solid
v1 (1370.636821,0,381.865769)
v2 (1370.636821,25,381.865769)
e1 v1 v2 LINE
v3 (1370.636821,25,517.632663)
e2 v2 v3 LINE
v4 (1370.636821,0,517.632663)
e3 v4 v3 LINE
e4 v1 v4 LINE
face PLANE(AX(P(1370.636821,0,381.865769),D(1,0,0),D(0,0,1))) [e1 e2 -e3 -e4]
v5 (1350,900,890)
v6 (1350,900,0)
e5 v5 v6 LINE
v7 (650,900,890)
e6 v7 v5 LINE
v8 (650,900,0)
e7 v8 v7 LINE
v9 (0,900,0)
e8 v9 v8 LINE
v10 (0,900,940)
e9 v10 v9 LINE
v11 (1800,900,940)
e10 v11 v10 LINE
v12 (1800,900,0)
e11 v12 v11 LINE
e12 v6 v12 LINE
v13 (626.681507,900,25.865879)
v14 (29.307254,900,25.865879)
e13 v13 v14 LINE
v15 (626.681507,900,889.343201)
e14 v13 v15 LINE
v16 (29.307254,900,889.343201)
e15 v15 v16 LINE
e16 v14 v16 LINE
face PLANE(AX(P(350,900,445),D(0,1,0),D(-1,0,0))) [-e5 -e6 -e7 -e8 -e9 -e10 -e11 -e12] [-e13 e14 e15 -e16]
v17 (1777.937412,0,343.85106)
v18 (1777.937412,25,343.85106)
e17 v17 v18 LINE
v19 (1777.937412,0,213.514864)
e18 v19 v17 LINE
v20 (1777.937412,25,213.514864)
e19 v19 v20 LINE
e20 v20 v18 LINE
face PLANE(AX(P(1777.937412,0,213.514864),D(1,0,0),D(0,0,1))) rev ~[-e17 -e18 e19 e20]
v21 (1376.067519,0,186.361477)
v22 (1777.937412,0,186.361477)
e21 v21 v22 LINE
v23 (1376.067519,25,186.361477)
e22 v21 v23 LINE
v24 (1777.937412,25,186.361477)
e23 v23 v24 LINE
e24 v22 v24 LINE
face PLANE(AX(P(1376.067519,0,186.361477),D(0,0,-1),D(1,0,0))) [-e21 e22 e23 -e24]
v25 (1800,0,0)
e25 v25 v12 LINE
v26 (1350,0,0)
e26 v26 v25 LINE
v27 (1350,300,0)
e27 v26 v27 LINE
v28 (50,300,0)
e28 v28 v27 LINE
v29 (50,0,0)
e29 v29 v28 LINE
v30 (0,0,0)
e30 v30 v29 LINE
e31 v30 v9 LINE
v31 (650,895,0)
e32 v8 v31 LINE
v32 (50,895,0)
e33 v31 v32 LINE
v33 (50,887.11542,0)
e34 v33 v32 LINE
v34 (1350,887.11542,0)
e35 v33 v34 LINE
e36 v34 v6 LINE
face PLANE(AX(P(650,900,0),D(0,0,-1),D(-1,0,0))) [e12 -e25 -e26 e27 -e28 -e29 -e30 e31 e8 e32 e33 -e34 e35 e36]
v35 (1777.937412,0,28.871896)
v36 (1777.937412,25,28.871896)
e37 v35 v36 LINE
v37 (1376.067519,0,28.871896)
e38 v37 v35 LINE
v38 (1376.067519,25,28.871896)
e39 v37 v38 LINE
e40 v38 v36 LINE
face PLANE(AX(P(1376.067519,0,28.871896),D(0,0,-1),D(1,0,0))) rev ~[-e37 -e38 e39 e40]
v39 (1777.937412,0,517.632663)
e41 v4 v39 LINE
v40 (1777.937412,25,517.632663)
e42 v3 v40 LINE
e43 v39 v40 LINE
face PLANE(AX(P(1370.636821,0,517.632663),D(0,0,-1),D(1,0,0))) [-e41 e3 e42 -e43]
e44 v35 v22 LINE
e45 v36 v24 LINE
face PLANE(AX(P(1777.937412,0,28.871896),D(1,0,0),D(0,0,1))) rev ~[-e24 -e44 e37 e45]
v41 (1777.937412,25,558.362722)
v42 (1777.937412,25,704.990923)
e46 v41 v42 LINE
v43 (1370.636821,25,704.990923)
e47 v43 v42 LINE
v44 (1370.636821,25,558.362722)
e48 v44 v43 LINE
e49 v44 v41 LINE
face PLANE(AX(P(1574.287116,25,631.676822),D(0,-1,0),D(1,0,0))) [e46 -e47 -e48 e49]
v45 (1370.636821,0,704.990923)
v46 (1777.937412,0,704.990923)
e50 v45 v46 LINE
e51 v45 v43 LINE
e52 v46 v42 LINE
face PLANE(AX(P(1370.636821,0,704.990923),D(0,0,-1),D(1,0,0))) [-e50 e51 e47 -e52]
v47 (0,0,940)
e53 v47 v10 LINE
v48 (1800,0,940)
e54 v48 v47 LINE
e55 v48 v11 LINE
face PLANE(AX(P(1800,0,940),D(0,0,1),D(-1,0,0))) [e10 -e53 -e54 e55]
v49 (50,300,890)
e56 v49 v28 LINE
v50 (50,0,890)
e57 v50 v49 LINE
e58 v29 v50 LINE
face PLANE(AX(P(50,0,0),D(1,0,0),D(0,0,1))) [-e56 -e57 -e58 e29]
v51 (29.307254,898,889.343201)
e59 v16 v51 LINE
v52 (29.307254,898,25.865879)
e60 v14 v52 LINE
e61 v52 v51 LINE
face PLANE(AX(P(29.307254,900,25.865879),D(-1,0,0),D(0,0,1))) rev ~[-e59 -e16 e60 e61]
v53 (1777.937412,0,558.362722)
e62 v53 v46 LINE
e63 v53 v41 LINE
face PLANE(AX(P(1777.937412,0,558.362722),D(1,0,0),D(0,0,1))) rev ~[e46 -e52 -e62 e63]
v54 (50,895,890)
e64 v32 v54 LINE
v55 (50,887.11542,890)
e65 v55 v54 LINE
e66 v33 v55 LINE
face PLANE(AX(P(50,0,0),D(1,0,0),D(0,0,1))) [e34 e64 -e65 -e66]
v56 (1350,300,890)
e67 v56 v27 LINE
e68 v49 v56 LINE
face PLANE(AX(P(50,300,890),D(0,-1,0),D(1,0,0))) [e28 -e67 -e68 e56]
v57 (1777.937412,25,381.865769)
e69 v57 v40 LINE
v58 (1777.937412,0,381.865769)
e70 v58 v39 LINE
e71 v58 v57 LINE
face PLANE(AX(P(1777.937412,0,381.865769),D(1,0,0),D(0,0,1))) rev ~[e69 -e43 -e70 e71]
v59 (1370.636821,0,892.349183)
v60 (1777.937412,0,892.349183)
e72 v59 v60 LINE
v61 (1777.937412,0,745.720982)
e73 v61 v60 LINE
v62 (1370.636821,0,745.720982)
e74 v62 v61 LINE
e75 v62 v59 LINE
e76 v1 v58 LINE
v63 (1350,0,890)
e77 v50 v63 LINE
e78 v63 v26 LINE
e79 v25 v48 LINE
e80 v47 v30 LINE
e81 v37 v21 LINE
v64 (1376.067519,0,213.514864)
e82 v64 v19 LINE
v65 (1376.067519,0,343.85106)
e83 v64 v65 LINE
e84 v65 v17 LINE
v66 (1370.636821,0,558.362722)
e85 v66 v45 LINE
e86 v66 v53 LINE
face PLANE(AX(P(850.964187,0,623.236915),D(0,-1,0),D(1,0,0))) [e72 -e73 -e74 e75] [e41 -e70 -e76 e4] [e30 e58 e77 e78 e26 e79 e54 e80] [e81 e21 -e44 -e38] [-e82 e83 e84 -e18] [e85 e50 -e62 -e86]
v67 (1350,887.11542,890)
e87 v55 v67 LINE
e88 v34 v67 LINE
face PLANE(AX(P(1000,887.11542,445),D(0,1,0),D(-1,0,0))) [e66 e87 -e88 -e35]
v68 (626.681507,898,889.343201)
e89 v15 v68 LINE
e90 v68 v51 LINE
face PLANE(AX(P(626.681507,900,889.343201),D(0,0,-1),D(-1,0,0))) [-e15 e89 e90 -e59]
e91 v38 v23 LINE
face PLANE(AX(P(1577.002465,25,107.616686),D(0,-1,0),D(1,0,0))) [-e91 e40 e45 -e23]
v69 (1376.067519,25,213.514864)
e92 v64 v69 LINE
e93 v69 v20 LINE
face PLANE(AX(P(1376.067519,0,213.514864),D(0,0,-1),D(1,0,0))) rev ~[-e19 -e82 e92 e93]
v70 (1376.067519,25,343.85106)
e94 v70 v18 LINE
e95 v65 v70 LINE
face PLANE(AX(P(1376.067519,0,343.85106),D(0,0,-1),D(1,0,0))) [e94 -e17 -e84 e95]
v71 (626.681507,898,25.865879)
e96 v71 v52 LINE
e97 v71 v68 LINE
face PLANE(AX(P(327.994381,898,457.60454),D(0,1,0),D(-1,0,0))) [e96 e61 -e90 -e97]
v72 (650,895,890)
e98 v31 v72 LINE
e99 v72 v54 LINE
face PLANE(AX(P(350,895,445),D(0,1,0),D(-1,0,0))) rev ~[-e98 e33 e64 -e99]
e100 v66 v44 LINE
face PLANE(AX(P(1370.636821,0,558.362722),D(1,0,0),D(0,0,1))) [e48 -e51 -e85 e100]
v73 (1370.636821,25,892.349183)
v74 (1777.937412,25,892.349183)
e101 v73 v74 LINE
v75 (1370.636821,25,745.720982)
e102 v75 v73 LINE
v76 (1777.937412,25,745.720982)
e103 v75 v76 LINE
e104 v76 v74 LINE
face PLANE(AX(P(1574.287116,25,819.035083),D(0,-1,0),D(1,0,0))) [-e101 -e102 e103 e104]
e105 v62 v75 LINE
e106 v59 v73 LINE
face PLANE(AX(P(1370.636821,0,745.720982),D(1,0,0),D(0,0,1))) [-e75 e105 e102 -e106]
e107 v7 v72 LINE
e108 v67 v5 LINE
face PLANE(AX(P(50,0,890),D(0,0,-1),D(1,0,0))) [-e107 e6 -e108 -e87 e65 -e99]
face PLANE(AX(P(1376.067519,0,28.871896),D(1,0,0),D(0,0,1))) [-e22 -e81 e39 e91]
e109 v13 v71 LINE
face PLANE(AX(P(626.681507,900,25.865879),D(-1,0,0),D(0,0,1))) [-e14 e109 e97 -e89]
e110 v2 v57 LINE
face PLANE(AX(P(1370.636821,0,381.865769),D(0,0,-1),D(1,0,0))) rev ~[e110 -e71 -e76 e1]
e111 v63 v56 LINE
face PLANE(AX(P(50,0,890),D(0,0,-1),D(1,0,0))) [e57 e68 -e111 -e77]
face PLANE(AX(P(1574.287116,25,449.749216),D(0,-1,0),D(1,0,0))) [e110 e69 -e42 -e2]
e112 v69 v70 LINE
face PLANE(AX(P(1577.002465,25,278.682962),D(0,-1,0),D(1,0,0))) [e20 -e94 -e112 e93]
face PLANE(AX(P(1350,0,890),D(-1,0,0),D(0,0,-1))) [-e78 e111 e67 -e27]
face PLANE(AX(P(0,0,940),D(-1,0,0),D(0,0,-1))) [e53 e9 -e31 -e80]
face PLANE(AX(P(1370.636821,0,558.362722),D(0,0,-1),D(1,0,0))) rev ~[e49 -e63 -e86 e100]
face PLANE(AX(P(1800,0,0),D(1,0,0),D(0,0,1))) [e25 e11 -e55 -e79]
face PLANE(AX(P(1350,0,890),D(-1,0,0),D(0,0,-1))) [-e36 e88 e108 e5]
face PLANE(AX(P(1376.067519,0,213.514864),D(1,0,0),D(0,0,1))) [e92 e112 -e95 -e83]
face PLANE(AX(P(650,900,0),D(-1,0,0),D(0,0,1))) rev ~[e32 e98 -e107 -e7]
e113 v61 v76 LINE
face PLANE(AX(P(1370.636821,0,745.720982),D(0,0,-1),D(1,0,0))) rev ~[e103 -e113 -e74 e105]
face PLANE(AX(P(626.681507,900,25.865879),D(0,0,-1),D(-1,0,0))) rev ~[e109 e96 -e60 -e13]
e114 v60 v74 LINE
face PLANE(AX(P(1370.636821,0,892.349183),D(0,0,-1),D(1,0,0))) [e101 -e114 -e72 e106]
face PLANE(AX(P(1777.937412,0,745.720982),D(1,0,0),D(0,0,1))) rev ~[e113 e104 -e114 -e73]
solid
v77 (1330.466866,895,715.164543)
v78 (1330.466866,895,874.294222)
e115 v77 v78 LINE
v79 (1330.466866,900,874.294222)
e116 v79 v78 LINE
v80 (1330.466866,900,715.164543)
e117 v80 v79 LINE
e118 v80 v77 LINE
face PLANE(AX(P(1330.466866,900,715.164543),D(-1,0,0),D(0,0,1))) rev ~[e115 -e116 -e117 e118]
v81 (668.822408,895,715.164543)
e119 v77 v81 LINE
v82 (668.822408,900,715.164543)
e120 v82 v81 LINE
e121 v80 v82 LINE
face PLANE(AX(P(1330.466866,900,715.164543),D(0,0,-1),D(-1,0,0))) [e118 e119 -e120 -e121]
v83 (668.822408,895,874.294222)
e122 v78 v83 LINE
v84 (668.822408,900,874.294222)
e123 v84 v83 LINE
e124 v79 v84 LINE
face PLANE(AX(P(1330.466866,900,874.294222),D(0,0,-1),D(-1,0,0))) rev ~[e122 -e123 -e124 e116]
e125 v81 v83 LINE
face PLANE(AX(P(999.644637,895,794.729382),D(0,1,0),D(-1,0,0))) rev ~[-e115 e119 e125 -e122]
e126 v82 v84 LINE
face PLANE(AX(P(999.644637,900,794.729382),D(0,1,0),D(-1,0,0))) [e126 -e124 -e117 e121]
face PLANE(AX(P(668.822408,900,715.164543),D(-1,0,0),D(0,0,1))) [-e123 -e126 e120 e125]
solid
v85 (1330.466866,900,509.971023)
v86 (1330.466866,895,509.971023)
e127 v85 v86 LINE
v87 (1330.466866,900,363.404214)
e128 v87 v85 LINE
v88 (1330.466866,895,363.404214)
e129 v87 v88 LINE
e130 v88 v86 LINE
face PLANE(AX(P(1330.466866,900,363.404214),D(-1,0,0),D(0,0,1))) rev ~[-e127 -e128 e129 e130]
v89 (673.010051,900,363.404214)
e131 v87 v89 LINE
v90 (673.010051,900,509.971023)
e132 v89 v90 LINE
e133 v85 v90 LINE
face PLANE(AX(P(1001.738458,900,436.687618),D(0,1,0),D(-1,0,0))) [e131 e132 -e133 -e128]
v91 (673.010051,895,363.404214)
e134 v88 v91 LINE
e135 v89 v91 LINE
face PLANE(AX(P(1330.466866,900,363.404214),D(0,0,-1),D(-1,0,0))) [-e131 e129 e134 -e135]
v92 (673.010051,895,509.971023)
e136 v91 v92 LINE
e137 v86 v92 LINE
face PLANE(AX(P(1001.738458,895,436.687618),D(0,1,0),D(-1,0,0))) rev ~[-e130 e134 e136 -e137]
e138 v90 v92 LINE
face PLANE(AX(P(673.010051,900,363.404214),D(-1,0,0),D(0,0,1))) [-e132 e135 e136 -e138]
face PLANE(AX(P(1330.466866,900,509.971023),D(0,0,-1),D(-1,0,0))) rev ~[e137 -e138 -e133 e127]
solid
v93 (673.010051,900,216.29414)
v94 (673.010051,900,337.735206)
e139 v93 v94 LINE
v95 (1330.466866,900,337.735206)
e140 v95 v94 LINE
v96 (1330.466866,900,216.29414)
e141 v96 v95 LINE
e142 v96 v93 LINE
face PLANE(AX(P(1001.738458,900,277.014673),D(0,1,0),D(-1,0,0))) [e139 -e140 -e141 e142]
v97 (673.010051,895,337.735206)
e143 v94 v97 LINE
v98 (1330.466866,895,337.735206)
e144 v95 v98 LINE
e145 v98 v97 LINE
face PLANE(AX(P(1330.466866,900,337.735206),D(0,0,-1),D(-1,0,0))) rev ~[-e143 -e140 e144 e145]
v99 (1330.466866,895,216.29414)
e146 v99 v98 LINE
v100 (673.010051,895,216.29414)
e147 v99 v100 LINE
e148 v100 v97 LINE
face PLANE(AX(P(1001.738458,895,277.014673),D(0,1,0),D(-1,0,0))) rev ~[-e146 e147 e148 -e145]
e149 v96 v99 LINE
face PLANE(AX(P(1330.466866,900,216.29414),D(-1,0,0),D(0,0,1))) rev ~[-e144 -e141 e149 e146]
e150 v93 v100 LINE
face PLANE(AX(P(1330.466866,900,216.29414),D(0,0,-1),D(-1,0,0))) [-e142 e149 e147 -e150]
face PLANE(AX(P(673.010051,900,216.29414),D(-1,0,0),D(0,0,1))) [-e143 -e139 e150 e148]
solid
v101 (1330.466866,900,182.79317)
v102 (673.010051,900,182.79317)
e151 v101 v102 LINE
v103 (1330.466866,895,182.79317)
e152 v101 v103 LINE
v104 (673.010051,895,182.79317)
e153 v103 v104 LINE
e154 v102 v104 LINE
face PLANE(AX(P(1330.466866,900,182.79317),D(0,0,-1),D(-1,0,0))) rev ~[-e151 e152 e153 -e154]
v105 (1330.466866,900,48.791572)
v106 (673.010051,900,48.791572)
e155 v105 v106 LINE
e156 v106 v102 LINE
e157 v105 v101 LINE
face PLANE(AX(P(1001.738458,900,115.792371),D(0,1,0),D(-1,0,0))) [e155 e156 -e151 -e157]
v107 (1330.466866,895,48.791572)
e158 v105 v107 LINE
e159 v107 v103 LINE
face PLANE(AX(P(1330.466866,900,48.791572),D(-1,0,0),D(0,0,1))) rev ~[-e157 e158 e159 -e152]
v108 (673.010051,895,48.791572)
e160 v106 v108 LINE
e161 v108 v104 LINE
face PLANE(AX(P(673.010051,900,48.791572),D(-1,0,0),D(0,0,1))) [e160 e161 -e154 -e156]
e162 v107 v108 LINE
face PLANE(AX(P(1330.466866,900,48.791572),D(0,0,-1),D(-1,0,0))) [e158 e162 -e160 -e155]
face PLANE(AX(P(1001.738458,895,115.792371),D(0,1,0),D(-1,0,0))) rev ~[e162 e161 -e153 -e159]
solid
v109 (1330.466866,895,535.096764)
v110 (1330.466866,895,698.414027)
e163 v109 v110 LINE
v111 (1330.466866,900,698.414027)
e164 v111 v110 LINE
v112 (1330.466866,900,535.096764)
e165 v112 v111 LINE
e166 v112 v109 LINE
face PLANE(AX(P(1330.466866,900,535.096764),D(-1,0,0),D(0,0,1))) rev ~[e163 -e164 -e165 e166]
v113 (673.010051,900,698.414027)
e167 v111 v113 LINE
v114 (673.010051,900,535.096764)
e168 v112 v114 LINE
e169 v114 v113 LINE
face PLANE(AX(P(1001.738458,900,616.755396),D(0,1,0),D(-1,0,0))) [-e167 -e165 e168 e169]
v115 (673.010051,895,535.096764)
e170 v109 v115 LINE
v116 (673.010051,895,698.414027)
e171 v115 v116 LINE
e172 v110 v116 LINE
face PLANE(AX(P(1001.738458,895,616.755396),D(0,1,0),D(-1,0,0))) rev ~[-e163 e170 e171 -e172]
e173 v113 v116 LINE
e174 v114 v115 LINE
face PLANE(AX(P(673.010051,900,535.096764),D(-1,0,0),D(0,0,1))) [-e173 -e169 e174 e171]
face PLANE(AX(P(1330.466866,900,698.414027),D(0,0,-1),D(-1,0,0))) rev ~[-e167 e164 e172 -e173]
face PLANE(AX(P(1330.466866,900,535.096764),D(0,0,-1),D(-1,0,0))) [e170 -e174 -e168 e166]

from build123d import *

# Parameters (mm, degrees)
F1_DEPTH  = 900
F2_W      = 407.300591
F2_H      = 146.628201
F2_H_2    = 135.766893
F2_W_2    = 401.869893
F2_H_3    = 130.336196
F2_H_4    = 157.489581
F3_DEPTH  = 25
F4_W      = 1300
F4_H      = 36.11542
F5_DEPTH  = 890
F6_W      = 600
F6_H      = 890
F7_DEPTH  = 551
F5_FACE_W = 700
F5_FACE_H = 890
F8_DEPTH  = 551
F9_W      = 600
F9_H      = 890
F9_W_2    = 661.644458
F9_H_2    = 159.129679
F9_W_3    = 657.456815
F9_H_3    = 163.317263
F9_H_4    = 146.566809
F9_H_5    = 121.441066
F9_H_6    = 134.001598
F10_DEPTH = 5
F11_W     = 597.374253
F11_H     = 863.477323
F12_DEPTH = 2


with BuildPart() as f1:
    # F0 (on Front) → F1 (new body)
    with BuildSketch(Plane.XZ):
        Polygon((0, 940), (0, 0), (50, 0), (50, 890), (1350, 890), (1350, 0), (1800, 0), (1800, 940), align=None)
    extrude(amount=-F1_DEPTH)

    # F2 (on face) → F3 (cut)
    with BuildSketch(Plane.XZ):
        with Locations((1574.287116, 819.035083)):
            Rectangle(F2_W, F2_H)
        with Locations((1574.287116, 631.676822)):
            Rectangle(F2_W, F2_H)
        with Locations((1574.287116, 449.749216)):
            Rectangle(F2_W, F2_H_2)
        with Locations((1577.002465, 278.682962)):
            Rectangle(F2_W_2, F2_H_3)
        with Locations((1577.002465, 107.616686)):
            Rectangle(F2_W_2, F2_H_4)
    extrude(amount=-F3_DEPTH, mode=Mode.SUBTRACT)

    # F4 (on face) → F5 (join, through all)
    with BuildSketch(Plane(origin=(0, 0, 890), x_dir=(1, 0, 0), z_dir=(0, 0, -1))):
        with Locations((700, -318.05771)):
            Rectangle(F4_W, F4_H)
    extrude(amount=F5_DEPTH)

    # F6 (on face) → F7 (join)
    with BuildSketch(Plane(origin=(0, 336.11542, 0), x_dir=(-1, 0, 0), z_dir=(0, 1, 0))):
        with Locations((-350, 445)):
            Rectangle(F6_W, F6_H)
    extrude(amount=F7_DEPTH)

    # F5_face (on face) → F8 (join, through all)
    with BuildSketch(Plane(origin=(700, 336.11542, 445), x_dir=(-1, 0, 0), z_dir=(0, 1, 0))):
        with Locations((-300, 0)):
            Rectangle(F5_FACE_W, F5_FACE_H)
    extrude(amount=F8_DEPTH)

    # F9 (on face) → F10 (join)
    with BuildSketch(Plane(origin=(0, 900, 0), x_dir=(-1, 0, 0), z_dir=(0, 1, 0))):
        with Locations((-350, 445)):
            Rectangle(F9_W, F9_H)
        with Locations((-999.644637, 794.729382)):
            Rectangle(F9_W_2, F9_H_2)
        with Locations((-1001.738458, 616.755396)):
            Rectangle(F9_W_3, F9_H_3)
        with Locations((-1001.738458, 436.687618)):
            Rectangle(F9_W_3, F9_H_4)
        with Locations((-1001.738458, 277.014673)):
            Rectangle(F9_W_3, F9_H_5)
        with Locations((-1001.738458, 115.792371)):
            Rectangle(F9_W_3, F9_H_6)
    extrude(amount=-F10_DEPTH)

    # F11 (on face) → F12 (cut)
    with BuildSketch(Plane(origin=(0, 900, 0), x_dir=(-1, 0, 0), z_dir=(0, 1, 0))):
        with Locations((-327.994381, 457.60454)):
            Rectangle(F11_W, F11_H)
    extrude(amount=-F12_DEPTH, mode=Mode.SUBTRACT)


solid = f1.part
